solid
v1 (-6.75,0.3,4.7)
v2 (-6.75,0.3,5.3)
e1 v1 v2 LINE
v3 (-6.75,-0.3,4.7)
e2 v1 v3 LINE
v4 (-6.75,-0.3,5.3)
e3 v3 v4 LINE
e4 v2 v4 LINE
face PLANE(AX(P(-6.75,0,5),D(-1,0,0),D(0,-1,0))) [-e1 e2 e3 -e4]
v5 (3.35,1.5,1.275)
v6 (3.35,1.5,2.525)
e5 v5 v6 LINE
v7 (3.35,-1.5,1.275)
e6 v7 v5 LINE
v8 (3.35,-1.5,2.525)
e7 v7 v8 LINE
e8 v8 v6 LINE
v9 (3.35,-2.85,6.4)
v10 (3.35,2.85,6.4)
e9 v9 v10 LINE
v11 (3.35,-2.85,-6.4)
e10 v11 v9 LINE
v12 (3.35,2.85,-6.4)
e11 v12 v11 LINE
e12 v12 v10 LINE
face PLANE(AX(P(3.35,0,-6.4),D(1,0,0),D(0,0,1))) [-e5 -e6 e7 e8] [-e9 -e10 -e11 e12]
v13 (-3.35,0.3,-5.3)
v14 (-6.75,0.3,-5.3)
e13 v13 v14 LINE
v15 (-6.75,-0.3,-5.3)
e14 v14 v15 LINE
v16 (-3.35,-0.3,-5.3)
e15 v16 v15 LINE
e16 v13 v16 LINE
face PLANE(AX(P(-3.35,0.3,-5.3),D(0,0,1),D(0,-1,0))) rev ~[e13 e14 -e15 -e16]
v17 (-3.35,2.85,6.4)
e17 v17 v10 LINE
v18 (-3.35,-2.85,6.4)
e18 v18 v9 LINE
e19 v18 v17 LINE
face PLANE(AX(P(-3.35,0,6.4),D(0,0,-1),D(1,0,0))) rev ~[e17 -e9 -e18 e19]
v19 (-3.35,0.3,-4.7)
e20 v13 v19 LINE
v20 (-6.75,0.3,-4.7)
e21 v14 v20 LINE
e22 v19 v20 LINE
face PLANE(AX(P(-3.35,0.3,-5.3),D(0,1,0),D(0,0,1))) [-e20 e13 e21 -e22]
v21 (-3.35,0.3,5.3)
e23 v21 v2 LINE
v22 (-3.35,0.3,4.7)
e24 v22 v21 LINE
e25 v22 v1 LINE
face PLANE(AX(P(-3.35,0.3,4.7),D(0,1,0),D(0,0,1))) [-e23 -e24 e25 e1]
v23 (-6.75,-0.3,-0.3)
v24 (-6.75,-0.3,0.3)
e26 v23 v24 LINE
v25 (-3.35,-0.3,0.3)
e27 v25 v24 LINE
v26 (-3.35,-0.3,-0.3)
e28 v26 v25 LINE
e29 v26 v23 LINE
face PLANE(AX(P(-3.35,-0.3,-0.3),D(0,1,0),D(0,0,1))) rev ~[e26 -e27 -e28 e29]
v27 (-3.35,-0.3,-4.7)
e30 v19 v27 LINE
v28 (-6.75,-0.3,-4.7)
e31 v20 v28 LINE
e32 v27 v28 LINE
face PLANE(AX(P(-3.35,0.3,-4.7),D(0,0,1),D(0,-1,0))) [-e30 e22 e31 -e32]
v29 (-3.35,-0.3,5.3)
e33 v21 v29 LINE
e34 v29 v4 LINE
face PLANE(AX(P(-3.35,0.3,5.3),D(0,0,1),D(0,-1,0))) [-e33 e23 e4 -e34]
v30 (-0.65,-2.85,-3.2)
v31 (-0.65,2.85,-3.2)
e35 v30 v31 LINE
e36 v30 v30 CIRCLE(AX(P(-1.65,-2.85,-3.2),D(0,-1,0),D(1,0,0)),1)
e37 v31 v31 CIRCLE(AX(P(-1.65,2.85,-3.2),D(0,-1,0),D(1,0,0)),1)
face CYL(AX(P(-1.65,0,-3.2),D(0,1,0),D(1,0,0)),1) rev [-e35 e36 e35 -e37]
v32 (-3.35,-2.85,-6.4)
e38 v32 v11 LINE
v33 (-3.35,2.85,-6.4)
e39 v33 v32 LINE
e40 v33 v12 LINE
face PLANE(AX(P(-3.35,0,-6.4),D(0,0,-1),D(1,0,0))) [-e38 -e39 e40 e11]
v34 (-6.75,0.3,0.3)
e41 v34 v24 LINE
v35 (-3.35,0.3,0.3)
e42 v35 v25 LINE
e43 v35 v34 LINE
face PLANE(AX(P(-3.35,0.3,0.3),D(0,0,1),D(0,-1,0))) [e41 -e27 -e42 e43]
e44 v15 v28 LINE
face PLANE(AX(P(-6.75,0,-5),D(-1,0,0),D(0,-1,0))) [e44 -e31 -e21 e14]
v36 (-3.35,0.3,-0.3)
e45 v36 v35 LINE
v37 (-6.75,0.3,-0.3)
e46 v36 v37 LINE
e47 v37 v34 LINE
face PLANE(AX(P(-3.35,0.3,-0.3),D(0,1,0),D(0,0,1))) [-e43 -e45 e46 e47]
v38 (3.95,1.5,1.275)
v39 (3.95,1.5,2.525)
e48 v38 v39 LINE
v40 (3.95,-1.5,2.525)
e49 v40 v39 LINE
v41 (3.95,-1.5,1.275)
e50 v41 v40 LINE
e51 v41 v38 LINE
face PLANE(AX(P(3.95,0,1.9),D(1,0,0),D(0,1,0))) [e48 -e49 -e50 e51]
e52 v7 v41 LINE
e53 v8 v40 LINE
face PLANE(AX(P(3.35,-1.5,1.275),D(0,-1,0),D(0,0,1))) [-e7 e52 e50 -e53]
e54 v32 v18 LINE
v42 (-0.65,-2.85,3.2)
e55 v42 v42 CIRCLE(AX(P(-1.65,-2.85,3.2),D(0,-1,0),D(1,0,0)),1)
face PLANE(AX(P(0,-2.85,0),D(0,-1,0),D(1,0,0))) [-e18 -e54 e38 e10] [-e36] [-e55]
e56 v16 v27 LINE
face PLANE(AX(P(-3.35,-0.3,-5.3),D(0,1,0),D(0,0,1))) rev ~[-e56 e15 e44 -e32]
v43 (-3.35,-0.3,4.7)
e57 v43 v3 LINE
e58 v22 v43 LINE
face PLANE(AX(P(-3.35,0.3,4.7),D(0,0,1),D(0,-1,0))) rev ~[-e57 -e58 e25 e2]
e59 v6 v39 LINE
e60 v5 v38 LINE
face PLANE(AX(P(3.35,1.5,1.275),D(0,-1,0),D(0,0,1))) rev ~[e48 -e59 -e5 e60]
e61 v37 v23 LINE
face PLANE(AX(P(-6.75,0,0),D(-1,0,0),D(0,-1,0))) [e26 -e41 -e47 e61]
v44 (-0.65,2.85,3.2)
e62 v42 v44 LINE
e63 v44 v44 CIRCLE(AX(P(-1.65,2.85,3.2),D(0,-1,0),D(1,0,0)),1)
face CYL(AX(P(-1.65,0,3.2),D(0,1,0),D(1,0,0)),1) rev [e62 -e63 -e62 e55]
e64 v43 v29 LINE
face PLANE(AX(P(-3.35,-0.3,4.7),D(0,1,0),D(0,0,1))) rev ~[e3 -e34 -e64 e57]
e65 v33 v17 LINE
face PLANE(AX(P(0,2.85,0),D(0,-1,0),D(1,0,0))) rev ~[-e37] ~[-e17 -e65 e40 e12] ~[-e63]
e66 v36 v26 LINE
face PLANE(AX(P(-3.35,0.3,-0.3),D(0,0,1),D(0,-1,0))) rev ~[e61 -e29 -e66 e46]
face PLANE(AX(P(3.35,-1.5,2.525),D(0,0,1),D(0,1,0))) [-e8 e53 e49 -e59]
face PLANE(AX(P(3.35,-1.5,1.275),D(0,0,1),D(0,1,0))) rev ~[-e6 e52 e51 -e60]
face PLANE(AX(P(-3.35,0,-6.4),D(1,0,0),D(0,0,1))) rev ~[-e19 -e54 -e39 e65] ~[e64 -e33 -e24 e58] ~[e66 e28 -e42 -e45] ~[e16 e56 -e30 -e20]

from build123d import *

# Parameters (mm, degrees)
F0_W     = 6.7
F0_H     = 12.8
F0_R     = 1
F1_DEPTH = 2.85
F2_W     = 0.6
F2_H     = 0.6
F3_DEPTH = 3.4
F4_W     = 3
F4_H     = 1.25
F5_DEPTH = 0.6


with BuildPart() as f1:
    # F0 (on Front) → F1 (new body, symmetric)
    with BuildSketch(Plane.XZ):
        Rectangle(F0_W, F0_H)
        with Locations((-1.65, -3.2)):
            Circle(F0_R, mode=Mode.SUBTRACT)
        with Locations((-1.65, 3.2)):
            Circle(F0_R, mode=Mode.SUBTRACT)
    extrude(amount=F1_DEPTH, both=True)

    # F2 (on face) → F3 (join)
    with BuildSketch(Plane(origin=(-3.35, 0, 0), x_dir=(0, -1, 0), z_dir=(-1, 0, 0))):
        Rectangle(F2_W, F2_H)
        with Locations((0, 5)):
            Rectangle(F2_W, F2_H)
        with Locations((0, -5)):
            Rectangle(F2_W, F2_H)
    extrude(amount=F3_DEPTH)

    # F4 (on face) → F5 (join)
    with BuildSketch(Plane.YZ.offset(3.35)):
        with Locations((0, 1.9)):
            Rectangle(F4_W, F4_H)
    extrude(amount=F5_DEPTH)


solid = f1.part
